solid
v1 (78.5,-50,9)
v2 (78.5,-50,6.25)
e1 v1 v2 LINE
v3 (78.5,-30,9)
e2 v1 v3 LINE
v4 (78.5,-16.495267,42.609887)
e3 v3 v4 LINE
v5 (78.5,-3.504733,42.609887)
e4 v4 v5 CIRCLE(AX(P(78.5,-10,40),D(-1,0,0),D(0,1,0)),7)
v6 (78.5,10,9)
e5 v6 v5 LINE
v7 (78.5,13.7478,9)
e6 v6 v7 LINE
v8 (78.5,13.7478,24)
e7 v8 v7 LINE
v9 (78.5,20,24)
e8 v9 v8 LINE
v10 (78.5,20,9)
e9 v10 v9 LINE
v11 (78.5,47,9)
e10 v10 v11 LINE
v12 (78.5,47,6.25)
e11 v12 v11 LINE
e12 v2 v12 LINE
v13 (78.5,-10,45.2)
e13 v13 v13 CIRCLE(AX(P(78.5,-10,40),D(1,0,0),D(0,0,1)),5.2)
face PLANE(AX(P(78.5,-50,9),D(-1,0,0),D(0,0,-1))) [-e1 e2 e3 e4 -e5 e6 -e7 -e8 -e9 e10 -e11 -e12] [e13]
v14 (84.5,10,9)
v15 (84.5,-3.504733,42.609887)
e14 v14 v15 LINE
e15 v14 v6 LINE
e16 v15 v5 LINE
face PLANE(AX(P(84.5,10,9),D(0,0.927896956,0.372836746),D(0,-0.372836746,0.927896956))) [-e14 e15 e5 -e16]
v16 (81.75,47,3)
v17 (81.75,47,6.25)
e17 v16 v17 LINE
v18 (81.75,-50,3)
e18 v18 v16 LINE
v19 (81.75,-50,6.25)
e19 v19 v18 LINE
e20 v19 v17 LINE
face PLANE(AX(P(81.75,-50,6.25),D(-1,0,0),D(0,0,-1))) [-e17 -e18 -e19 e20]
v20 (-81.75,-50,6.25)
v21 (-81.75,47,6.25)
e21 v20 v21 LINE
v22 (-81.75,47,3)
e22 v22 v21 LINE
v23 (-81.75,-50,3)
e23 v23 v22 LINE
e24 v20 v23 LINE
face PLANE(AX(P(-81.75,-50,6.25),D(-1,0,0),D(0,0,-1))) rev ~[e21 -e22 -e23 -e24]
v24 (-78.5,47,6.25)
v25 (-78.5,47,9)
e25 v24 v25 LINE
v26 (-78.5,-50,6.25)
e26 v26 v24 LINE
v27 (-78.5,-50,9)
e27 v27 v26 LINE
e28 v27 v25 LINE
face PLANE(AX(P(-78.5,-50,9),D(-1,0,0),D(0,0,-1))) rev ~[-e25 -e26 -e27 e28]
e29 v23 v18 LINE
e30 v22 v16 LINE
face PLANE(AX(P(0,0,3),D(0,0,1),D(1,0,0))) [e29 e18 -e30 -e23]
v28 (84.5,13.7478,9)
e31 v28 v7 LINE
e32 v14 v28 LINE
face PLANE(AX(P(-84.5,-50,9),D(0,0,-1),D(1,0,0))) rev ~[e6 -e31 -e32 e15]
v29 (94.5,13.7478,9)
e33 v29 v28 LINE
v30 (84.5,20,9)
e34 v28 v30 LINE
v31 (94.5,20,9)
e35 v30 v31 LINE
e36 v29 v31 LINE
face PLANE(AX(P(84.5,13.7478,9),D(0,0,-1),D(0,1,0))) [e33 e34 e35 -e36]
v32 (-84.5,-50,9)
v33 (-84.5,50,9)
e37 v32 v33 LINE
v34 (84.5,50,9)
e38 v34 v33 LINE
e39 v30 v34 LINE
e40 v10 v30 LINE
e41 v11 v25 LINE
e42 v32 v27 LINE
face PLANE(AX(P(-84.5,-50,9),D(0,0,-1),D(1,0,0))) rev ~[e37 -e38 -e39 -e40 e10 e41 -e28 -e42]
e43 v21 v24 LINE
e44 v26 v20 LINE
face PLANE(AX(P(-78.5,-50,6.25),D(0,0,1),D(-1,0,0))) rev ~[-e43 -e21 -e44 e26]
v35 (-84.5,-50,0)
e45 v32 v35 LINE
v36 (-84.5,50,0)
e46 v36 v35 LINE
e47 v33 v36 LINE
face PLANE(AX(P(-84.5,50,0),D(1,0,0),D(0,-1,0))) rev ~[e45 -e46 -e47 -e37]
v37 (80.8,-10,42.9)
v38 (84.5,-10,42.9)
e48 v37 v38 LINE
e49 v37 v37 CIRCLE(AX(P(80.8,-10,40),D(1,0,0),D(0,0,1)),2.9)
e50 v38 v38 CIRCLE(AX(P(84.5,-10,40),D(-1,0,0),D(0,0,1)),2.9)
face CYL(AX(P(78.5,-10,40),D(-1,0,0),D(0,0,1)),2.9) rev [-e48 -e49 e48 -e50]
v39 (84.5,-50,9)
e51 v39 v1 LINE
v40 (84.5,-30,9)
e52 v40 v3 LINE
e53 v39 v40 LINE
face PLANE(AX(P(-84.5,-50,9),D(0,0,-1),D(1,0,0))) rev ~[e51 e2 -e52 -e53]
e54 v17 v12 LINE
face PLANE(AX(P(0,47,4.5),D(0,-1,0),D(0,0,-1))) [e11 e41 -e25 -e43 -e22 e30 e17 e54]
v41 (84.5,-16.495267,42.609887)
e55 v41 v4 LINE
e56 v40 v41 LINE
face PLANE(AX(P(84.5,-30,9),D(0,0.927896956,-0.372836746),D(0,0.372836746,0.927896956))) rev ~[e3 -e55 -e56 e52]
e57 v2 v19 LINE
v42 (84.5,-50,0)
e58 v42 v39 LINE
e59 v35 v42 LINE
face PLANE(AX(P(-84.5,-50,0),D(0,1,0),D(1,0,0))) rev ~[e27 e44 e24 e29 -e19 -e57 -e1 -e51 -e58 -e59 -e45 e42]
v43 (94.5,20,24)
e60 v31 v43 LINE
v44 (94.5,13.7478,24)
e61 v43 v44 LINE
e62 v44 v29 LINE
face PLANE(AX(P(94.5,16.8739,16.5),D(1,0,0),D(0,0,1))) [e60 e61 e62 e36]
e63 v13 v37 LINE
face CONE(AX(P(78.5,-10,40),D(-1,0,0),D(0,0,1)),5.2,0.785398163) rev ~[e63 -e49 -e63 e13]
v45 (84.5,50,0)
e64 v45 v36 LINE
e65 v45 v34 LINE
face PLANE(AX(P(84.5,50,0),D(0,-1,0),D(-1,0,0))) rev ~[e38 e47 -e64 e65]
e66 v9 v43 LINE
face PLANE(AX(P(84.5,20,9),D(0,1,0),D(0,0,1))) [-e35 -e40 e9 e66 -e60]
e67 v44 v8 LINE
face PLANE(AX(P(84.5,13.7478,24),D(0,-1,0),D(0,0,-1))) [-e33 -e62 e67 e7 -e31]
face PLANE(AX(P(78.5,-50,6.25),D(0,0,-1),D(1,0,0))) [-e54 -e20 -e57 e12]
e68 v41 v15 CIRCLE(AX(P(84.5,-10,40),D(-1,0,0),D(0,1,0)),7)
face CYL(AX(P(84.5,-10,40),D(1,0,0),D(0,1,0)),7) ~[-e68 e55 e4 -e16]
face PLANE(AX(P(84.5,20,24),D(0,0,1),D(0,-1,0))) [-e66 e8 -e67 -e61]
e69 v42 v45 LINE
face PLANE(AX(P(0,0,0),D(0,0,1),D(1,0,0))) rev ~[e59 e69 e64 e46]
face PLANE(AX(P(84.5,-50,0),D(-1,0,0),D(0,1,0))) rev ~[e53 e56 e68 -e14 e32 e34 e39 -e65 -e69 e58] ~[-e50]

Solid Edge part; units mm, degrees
sketch "Sketch1" plane through (0, 0, 0) normal (0, 0, 1) x (1, 0, 0)
  line L0 (-84.5, -50) -> (84.5, -50)
  line L1 (84.5, -50) -> (84.5, 50)
  line L2 (84.5, 50) -> (-84.5, 50)
  line L3 (-84.5, 50) -> (-84.5, -50)
  dimension "D1" = 169
  dimension "D2" = 100
extrude "Protrusion1" add sketch "Sketch1" along normal blind 3
sketch "Sketch2" plane through (0, -50, 1.5) normal (0, -1, 0) x (1, 0, 0)
  line L0 (-84.5, 1.5) -> (-84.5, 7.5)
  line L1 (-84.5, 7.5) -> (-78.5, 7.5)
  line L2 (-78.5, 7.5) -> (-78.5, 4.75)
  line L3 (-78.5, 4.75) -> (-81.75, 4.75)
  line L4 (-81.75, 4.75) -> (-81.75, 1.5)
  line L5 (-81.75, 1.5) -> (-84.5, 1.5)
  line L6 (84.5, 1.5) -> (84.5, 7.5)
  line L7 (84.5, 7.5) -> (78.5, 7.5)
  line L8 (78.5, 7.5) -> (78.5, 4.75)
  line L9 (78.5, 4.75) -> (81.75, 4.75)
  line L10 (81.75, 4.75) -> (81.75, 1.5)
  line L11 (81.75, 1.5) -> (84.5, 1.5)
  dimension "D1" = 2.75
  dimension "D2" = 6
  dimension "D3" = 2.75
  dimension "D4" = 6
  dimension "D5" = 3.25
  dimension "D6" = 6
  dimension "D7" = 3.25
  dimension "D8" = 6
extrude "Extrusionsausschnitt_1" add sketch "Sketch2" against normal blind 100
sketch "Sketch3" plane through (0, 50, 4.5) normal (0, 1, 0) x (-1, 0, 0)
  line L0 (84.5, -4.5) -> (-84.5, -4.5)
  line L1 (-84.5, -4.5) -> (-84.5, 4.5)
  line L2 (-84.5, 4.5) -> (84.5, 4.5)
  line L3 (84.5, 4.5) -> (84.5, -4.5)
extrude "Extrusionsausprägung_3" add sketch "Sketch3" against normal blind 3
sketch "Sketch4" plane through (84.5, 0, 4.5) normal (1, 0, 0) x (0, 1, 0)
  line L0 (-30, 4.5) -> (-16.4953, 38.1099)
  line L1 (10, 4.5) -> (-3.5047, 38.1099)
  line L2 (-30, 4.5) -> (10, 4.5)
  arc A0 (-16.4953, 38.1099) -> (-3.5047, 38.1099) centre (-10, 35.5) cw
  dimension "D1" = 14
  dimension "D2" = 60
  dimension "D3" = 40
  dimension "D4" = 40
extrude "Extrusionsausprägung_4" add sketch "Sketch4" against normal blind 6
hole "Bohrung_2" at (78.5, -10, 40) direction (1, 0, 0) diameter 5.8 end up to next countersink diameter 10.4 countersink angle 90
sketch "Sketch5" plane through (84.5, 0, 23.5) normal (1, 0, 0) x (0, 1, 0)
  line L0 (13.7478, -14.5) -> (20, -14.5)
  line L1 (20, -14.5) -> (20, 0.5)
  line L2 (20, 0.5) -> (13.7478, 0.5)
  line L3 (13.7478, 0.5) -> (13.7478, -14.5)
  dimension "D1" = 6.2522
  dimension "D2" = 30
  dimension "D3" = 15
extrude "Extrusionsausprägung_5" add sketch "Sketch5" against normal blind 6 and the other way blind 10
